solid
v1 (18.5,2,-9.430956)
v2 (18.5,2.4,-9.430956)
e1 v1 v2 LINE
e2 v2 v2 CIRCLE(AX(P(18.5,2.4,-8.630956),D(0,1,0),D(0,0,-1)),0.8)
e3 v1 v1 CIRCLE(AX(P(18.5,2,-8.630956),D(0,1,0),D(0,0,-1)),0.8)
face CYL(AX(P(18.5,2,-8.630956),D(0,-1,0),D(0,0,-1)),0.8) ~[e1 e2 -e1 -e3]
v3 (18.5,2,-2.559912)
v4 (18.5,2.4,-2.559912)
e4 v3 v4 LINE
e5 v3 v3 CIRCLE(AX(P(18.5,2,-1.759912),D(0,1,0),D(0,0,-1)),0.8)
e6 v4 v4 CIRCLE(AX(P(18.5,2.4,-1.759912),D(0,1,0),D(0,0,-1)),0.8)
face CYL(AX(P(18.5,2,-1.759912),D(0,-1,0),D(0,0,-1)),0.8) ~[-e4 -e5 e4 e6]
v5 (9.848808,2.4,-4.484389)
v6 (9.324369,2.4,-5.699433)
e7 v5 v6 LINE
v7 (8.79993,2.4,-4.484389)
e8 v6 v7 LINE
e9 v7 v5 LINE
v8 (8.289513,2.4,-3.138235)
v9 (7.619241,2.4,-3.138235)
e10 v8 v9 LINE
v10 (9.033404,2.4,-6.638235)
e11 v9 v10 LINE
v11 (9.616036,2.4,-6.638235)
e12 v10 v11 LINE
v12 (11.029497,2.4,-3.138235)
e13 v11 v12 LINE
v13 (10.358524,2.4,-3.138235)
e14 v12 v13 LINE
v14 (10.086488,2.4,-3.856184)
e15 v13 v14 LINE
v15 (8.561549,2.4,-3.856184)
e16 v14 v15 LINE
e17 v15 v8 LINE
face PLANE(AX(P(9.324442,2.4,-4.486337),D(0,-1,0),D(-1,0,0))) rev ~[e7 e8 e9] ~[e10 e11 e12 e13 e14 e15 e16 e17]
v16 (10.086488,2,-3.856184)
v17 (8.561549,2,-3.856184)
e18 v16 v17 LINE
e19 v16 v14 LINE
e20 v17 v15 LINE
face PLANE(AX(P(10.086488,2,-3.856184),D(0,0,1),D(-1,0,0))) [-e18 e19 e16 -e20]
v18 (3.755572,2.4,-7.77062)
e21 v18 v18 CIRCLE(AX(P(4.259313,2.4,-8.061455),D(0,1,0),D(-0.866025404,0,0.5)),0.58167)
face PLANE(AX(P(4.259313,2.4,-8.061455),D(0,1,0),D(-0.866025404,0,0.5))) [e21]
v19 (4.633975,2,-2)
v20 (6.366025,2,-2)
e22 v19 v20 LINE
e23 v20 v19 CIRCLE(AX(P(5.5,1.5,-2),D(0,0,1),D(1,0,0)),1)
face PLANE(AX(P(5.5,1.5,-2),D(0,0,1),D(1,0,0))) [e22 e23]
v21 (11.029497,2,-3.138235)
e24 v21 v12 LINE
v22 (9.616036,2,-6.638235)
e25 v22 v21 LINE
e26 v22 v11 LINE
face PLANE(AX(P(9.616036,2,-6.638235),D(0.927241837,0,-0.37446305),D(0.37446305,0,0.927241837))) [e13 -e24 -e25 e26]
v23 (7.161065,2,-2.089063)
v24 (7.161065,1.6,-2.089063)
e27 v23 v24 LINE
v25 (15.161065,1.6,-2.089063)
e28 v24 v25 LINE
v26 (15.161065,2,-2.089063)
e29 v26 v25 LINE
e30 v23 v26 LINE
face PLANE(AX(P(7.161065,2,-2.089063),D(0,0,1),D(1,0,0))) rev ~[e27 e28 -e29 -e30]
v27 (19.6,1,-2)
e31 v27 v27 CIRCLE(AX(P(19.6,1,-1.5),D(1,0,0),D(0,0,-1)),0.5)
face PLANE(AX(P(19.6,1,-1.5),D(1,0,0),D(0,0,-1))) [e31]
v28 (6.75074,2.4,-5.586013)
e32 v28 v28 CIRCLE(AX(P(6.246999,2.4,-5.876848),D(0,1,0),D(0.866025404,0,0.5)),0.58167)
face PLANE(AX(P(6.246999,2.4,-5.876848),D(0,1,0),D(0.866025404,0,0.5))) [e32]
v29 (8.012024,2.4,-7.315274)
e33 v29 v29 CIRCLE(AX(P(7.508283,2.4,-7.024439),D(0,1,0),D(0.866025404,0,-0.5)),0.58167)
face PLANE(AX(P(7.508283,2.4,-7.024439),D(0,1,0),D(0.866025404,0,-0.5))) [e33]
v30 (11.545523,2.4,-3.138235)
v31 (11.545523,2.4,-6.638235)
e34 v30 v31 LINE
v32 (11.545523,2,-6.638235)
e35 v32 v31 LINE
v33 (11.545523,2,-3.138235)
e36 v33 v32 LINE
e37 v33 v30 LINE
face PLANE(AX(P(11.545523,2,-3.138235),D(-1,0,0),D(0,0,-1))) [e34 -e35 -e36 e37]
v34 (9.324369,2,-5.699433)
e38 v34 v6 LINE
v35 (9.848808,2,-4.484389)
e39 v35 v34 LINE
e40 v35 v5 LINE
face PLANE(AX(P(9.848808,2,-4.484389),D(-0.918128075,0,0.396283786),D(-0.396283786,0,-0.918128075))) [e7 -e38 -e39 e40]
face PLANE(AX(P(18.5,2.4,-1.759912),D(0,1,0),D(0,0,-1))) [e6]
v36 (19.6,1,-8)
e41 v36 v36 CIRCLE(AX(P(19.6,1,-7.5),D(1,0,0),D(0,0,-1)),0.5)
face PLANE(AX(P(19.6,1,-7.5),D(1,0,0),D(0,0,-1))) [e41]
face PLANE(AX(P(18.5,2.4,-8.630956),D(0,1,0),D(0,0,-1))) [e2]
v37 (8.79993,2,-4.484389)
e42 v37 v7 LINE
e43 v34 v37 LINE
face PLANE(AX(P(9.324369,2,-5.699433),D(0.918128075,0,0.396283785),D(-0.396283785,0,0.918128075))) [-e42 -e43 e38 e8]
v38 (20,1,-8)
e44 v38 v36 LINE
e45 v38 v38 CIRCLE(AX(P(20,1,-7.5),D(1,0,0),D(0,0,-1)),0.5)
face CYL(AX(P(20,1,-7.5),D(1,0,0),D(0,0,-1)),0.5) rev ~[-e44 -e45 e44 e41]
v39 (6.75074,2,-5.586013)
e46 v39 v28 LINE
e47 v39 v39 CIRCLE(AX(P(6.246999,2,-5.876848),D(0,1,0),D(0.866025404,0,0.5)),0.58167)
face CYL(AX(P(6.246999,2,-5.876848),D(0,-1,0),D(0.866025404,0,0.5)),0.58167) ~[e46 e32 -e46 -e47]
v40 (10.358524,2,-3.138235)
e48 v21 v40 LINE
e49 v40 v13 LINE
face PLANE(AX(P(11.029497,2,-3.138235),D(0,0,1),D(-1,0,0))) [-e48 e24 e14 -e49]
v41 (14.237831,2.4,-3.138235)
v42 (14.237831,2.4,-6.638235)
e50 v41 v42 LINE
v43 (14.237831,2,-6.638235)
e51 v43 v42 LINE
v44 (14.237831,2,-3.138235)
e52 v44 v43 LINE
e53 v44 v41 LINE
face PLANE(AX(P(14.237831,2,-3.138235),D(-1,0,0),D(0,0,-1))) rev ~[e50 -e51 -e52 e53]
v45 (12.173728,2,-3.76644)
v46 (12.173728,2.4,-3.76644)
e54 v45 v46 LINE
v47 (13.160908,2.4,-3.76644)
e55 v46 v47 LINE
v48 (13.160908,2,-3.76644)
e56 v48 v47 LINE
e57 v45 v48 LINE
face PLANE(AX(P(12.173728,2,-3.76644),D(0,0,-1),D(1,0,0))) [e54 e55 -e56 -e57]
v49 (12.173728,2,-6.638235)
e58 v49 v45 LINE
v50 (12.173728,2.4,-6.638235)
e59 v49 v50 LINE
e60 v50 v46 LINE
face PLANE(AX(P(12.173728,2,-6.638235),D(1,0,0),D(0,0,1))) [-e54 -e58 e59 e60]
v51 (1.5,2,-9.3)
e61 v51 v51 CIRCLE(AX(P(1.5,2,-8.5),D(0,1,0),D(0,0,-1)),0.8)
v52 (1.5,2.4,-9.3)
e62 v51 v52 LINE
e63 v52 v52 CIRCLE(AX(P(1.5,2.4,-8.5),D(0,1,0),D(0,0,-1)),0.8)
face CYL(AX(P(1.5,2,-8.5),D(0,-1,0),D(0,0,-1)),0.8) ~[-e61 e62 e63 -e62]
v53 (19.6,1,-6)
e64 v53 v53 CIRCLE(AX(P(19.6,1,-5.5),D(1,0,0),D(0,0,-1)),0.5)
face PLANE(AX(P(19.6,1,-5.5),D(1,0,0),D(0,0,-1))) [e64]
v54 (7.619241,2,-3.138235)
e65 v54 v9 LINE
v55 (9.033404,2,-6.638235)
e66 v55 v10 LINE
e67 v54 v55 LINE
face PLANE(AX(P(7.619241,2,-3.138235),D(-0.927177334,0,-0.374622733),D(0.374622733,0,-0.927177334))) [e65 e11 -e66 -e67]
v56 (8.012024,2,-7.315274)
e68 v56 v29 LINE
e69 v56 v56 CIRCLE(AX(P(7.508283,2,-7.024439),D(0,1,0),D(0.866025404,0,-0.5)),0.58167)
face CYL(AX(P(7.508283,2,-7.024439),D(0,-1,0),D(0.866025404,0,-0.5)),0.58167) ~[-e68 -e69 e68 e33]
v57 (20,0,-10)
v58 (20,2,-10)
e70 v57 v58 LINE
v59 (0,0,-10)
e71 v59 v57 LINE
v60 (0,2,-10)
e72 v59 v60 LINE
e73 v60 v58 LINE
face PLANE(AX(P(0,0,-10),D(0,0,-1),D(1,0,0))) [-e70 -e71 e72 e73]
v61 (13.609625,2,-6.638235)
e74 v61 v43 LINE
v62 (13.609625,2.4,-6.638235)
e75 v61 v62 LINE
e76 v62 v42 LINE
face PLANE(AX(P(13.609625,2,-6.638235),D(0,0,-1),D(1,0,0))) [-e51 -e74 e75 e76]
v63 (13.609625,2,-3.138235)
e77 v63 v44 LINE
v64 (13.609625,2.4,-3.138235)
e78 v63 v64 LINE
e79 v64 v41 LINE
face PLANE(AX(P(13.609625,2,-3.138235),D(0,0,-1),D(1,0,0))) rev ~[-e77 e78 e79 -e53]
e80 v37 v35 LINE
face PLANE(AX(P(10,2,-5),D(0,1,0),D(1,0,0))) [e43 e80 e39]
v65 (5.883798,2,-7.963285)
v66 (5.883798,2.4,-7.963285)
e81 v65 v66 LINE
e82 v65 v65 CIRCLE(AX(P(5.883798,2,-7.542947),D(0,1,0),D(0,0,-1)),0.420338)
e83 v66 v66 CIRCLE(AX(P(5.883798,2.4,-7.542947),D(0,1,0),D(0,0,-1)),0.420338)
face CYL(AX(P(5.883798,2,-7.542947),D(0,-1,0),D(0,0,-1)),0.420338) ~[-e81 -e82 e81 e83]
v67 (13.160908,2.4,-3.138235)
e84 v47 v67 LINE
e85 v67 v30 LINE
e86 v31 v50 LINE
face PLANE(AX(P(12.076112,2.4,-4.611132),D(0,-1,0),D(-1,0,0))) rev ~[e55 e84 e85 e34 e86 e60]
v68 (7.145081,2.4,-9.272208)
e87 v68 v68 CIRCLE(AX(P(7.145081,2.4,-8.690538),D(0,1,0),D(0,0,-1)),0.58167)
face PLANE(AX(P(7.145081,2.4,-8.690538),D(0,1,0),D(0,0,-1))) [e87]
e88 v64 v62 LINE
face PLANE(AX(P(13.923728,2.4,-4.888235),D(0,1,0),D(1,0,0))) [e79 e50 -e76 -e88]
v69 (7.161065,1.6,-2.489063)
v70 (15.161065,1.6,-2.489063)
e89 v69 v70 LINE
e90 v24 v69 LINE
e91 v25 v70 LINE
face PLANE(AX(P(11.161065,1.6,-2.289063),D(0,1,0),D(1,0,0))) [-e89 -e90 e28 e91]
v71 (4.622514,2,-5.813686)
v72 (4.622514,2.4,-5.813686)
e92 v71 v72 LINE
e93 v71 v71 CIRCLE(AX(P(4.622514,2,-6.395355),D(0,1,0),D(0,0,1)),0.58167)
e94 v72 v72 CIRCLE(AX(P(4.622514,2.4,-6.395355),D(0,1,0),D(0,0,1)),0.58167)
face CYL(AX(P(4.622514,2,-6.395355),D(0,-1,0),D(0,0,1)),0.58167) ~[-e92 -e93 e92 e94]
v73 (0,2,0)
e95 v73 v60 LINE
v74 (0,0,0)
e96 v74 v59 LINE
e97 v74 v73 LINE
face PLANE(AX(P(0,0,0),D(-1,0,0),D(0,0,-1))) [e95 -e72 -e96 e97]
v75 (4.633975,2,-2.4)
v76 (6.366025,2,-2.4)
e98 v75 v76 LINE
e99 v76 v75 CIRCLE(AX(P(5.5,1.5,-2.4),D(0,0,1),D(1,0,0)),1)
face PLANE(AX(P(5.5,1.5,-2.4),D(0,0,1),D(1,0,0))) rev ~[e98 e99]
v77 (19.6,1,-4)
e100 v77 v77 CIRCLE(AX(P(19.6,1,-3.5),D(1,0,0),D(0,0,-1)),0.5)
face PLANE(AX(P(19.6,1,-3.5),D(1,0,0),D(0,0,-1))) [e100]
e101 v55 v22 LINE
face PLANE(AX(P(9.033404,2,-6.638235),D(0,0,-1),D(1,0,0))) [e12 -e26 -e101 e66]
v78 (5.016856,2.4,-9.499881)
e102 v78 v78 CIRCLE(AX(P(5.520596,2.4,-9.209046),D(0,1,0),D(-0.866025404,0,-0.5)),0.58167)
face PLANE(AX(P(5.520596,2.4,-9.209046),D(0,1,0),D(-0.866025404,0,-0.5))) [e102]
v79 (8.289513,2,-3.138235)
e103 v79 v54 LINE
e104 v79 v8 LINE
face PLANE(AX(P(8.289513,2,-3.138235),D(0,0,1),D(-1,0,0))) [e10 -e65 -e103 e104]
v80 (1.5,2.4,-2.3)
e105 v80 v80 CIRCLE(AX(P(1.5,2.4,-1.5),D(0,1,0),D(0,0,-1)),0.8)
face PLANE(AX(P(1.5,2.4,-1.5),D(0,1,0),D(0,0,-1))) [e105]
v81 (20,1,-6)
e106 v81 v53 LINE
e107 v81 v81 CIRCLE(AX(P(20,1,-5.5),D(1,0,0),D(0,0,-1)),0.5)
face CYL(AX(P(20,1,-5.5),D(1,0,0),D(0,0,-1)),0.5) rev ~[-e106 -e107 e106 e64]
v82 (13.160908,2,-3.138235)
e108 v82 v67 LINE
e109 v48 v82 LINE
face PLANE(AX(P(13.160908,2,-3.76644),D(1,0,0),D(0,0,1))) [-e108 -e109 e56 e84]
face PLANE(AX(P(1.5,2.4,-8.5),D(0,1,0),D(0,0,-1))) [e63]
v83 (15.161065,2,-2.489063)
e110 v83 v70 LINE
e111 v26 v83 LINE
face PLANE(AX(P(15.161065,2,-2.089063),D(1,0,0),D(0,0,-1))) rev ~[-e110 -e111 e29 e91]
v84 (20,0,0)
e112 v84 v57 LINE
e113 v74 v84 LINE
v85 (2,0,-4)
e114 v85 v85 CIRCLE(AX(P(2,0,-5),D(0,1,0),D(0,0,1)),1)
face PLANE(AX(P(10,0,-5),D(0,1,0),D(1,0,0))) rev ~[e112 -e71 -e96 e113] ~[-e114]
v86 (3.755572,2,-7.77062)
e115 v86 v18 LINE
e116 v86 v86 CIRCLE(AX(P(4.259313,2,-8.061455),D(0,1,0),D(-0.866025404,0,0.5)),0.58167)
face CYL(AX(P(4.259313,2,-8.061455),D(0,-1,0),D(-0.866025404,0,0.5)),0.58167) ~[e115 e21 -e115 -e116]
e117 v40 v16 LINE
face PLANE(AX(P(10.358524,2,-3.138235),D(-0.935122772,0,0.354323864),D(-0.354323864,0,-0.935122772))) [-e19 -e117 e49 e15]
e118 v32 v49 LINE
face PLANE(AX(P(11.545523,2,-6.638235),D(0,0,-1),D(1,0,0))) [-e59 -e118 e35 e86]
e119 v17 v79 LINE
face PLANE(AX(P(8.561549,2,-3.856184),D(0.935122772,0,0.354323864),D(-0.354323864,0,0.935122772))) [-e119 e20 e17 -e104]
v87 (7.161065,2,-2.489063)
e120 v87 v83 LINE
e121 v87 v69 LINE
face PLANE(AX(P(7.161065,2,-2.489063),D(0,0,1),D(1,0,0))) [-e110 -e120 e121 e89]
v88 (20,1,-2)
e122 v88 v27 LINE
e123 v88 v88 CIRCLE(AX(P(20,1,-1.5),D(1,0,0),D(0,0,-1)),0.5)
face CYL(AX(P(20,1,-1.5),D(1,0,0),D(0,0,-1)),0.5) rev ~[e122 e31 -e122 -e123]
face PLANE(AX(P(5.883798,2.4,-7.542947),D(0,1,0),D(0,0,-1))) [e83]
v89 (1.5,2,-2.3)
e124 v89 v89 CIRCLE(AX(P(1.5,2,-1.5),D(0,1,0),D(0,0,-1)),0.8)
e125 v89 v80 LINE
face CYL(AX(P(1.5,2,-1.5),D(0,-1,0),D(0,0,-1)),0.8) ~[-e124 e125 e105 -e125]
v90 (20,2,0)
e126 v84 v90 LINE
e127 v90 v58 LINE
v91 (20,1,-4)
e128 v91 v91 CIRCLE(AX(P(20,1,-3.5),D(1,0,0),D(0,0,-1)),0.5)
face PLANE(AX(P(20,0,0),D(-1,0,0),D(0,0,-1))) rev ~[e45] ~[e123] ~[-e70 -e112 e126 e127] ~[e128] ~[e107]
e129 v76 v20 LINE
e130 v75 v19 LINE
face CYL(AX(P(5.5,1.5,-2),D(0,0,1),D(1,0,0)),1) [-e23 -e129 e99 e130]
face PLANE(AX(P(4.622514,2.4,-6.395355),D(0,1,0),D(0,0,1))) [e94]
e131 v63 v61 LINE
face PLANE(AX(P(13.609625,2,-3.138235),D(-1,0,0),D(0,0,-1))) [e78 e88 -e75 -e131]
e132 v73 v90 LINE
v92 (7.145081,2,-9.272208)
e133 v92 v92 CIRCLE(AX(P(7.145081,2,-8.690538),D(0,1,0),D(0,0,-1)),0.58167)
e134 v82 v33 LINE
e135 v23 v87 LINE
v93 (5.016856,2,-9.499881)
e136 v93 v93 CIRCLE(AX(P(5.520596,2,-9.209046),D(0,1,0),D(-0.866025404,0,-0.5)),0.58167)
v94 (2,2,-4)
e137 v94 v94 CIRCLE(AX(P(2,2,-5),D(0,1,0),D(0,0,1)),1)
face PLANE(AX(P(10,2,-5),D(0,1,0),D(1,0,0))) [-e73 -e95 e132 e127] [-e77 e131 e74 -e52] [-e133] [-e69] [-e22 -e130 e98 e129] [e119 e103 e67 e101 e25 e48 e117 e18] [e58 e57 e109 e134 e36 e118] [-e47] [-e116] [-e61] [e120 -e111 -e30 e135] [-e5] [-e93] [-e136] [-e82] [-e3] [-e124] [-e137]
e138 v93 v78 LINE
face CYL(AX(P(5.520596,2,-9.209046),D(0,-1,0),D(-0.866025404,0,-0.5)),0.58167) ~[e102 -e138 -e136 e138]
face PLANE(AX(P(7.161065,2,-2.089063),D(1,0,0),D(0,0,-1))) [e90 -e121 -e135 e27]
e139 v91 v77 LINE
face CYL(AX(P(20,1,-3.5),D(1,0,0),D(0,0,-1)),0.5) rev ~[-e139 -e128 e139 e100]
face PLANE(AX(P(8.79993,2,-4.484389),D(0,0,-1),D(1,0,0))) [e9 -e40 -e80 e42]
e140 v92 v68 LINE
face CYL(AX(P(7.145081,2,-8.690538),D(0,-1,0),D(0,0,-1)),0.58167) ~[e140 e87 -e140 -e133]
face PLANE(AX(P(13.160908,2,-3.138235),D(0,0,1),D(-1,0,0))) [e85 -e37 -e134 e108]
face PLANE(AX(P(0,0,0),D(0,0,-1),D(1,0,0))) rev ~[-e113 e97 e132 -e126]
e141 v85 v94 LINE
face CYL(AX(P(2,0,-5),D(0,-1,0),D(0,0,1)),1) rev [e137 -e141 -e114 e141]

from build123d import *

# Parameters (mm, degrees)
SKETCH1_W           = 20
SKETCH1_H           = 10
SKETCH1_R           = 1
BOSS_EXTRUDE1_DEPTH = 2
SKETCH2_W           = 0.628205128
SKETCH2_H           = 3.5
BOSS_EXTRUDE2_DEPTH = 0.4
SKETCH4_W           = 8
SKETCH4_H           = 0.4
CUT_EXTRUDE4_DEPTH  = 0.4
SKETCH5_R           = 0.8
BOSS_EXTRUDE3_DEPTH = 0.4
SKETCH7_R           = 0.581669736
BOSS_EXTRUDE4_DEPTH = 0.4
SKETCH6_R           = 0.420338274
BOSS_EXTRUDE5_DEPTH = 0.4
CIRPATTERN1_COUNT   = 6
SKETCH8_R           = 0.5
CUT_EXTRUDE6_DEPTH  = 0.4
LPATTERN1_COUNT     = 4
LPATTERN1_PITCH     = 2
BOSS_EXTRUDE6_START = -2
SKETCH10_R          = 1
BOSS_EXTRUDE6_DEPTH = 0.4


with BuildPart() as part:
    # Sketch1 → Boss-Extrude1 (new body)
    with BuildSketch(Plane(origin=(0, 0, 0), x_dir=(1, 0, 0), z_dir=(0, 1, 0))):
        with Locations((10, 5)):
            Rectangle(SKETCH1_W, SKETCH1_H)
        with Locations(Location((2, 5, 0), (0, 0, 270))):
            Circle(SKETCH1_R, mode=Mode.SUBTRACT)
    extrude(amount=BOSS_EXTRUDE1_DEPTH)

    # Sketch2 → Boss-Extrude2 (add)
    # profile 1 of 3: a face of its own
    with BuildSketch(Plane(origin=(0, 2, 0), x_dir=(1, 0, 0), z_dir=(0, 1, 0))):
        Polygon((9.033403528, 6.638234894), (9.616035739, 6.638234894), (11.029497278, 3.138234894), (10.35852372, 3.138234894), (10.086488463, 3.856183612), (8.56154856, 3.856183612), (8.289513303, 3.138234894), (7.619240867, 3.138234894), align=None)
        Polygon((9.324369072, 5.69943281), (8.79992997, 4.48438874), (9.848808175, 4.48438874), align=None, mode=Mode.SUBTRACT)
    # profile 2 of 3: a face of its own
    with BuildSketch(Plane(origin=(0, 2, 0), x_dir=(1, 0, 0), z_dir=(0, 1, 0))):
        Polygon((11.545522919, 6.638234894), (12.173728047, 6.638234894), (12.173728047, 3.766440022), (13.160907534, 3.766440022), (13.160907534, 3.138234894), (11.545522919, 3.138234894), align=None)
    # profile 3 of 3: a face of its own
    with BuildSketch(Plane(origin=(0, 2, 0), x_dir=(1, 0, 0), z_dir=(0, 1, 0))):
        with Locations((13.923728047, 4.888234894)):
            Rectangle(SKETCH2_W, SKETCH2_H)
    extrude(amount=BOSS_EXTRUDE2_DEPTH)

    # Sketch4 → Cut-Extrude4 (cut)
    with BuildSketch(Plane(origin=(0, 2, 0), x_dir=(1, 0, 0), z_dir=(0, 1, 0))):
        with Locations((11.161065363, 2.289063397)):
            Rectangle(SKETCH4_W, SKETCH4_H)
    extrude(amount=-CUT_EXTRUDE4_DEPTH, mode=Mode.SUBTRACT)

    # Sketch5 → Boss-Extrude3 (add)
    with BuildSketch(Plane(origin=(0, 2, 0), x_dir=(1, 0, 0), z_dir=(0, 1, 0))):
        with Locations(Location((1.5, 8.5, 0), (0, 0, 90))):
            Circle(SKETCH5_R)
        with Locations(Location((18.5, 8.630956257, 0), (0, 0, 90))):
            Circle(SKETCH5_R)
        with Locations(Location((18.5, 1.759911555, 0), (0, 0, 90))):
            Circle(SKETCH5_R)
        with Locations(Location((1.5, 1.5, 0), (0, 0, 90))):
            Circle(SKETCH5_R)
    extrude(amount=BOSS_EXTRUDE3_DEPTH)

    # Sketch7 → Boss-Extrude4 (add)
    with BuildSketch(Plane(origin=(0, 2, 0), x_dir=(1, 0, 0), z_dir=(0, 1, 0))):
        with Locations(Location((7.145081421, 8.690538135, 0), (0, 0, 90))):
            Circle(SKETCH7_R)
    boss_extrude4 = extrude(amount=BOSS_EXTRUDE4_DEPTH)

    # Sketch6 → Boss-Extrude5 (add)
    with BuildSketch(Plane(origin=(0, 2, 0), x_dir=(1, 0, 0), z_dir=(0, 1, 0))):
        with Locations(Location((5.883797923, 7.542946747, 0), (0, 0, 90))):
            Circle(SKETCH6_R)
    extrude(amount=BOSS_EXTRUDE5_DEPTH)

    # CirPattern1: Boss-Extrude4 ×6 about axis
    cirpattern1_axis = Axis((5.883797923, 0, -7.542946747), (0, 1, 0))
    for i in range(1, CIRPATTERN1_COUNT):
        add(boss_extrude4.rotate(cirpattern1_axis, i * 360 / CIRPATTERN1_COUNT))

    # Sketch8 → Cut-Extrude6 (cut)
    with BuildSketch(Plane(origin=(20, 0, 0), x_dir=(0, 0, -1), z_dir=(1, 0, 0))):
        with Locations((1.5, 1)):
            Circle(SKETCH8_R)
    cut_extrude6 = extrude(amount=-CUT_EXTRUDE6_DEPTH, mode=Mode.SUBTRACT)

    # LPattern1: Cut-Extrude6 ×4
    with Locations(*[(0, 0, -i * LPATTERN1_PITCH) for i in range(1, LPATTERN1_COUNT)]):
        add(cut_extrude6, mode=Mode.SUBTRACT)

    # Sketch10 → Boss-Extrude6 (add)
    with BuildSketch(Plane.XY.offset(BOSS_EXTRUDE6_START)):
        with Locations((5.5, 1.5)):
            Circle(SKETCH10_R)
    extrude(amount=-BOSS_EXTRUDE6_DEPTH)


solid = part.part
